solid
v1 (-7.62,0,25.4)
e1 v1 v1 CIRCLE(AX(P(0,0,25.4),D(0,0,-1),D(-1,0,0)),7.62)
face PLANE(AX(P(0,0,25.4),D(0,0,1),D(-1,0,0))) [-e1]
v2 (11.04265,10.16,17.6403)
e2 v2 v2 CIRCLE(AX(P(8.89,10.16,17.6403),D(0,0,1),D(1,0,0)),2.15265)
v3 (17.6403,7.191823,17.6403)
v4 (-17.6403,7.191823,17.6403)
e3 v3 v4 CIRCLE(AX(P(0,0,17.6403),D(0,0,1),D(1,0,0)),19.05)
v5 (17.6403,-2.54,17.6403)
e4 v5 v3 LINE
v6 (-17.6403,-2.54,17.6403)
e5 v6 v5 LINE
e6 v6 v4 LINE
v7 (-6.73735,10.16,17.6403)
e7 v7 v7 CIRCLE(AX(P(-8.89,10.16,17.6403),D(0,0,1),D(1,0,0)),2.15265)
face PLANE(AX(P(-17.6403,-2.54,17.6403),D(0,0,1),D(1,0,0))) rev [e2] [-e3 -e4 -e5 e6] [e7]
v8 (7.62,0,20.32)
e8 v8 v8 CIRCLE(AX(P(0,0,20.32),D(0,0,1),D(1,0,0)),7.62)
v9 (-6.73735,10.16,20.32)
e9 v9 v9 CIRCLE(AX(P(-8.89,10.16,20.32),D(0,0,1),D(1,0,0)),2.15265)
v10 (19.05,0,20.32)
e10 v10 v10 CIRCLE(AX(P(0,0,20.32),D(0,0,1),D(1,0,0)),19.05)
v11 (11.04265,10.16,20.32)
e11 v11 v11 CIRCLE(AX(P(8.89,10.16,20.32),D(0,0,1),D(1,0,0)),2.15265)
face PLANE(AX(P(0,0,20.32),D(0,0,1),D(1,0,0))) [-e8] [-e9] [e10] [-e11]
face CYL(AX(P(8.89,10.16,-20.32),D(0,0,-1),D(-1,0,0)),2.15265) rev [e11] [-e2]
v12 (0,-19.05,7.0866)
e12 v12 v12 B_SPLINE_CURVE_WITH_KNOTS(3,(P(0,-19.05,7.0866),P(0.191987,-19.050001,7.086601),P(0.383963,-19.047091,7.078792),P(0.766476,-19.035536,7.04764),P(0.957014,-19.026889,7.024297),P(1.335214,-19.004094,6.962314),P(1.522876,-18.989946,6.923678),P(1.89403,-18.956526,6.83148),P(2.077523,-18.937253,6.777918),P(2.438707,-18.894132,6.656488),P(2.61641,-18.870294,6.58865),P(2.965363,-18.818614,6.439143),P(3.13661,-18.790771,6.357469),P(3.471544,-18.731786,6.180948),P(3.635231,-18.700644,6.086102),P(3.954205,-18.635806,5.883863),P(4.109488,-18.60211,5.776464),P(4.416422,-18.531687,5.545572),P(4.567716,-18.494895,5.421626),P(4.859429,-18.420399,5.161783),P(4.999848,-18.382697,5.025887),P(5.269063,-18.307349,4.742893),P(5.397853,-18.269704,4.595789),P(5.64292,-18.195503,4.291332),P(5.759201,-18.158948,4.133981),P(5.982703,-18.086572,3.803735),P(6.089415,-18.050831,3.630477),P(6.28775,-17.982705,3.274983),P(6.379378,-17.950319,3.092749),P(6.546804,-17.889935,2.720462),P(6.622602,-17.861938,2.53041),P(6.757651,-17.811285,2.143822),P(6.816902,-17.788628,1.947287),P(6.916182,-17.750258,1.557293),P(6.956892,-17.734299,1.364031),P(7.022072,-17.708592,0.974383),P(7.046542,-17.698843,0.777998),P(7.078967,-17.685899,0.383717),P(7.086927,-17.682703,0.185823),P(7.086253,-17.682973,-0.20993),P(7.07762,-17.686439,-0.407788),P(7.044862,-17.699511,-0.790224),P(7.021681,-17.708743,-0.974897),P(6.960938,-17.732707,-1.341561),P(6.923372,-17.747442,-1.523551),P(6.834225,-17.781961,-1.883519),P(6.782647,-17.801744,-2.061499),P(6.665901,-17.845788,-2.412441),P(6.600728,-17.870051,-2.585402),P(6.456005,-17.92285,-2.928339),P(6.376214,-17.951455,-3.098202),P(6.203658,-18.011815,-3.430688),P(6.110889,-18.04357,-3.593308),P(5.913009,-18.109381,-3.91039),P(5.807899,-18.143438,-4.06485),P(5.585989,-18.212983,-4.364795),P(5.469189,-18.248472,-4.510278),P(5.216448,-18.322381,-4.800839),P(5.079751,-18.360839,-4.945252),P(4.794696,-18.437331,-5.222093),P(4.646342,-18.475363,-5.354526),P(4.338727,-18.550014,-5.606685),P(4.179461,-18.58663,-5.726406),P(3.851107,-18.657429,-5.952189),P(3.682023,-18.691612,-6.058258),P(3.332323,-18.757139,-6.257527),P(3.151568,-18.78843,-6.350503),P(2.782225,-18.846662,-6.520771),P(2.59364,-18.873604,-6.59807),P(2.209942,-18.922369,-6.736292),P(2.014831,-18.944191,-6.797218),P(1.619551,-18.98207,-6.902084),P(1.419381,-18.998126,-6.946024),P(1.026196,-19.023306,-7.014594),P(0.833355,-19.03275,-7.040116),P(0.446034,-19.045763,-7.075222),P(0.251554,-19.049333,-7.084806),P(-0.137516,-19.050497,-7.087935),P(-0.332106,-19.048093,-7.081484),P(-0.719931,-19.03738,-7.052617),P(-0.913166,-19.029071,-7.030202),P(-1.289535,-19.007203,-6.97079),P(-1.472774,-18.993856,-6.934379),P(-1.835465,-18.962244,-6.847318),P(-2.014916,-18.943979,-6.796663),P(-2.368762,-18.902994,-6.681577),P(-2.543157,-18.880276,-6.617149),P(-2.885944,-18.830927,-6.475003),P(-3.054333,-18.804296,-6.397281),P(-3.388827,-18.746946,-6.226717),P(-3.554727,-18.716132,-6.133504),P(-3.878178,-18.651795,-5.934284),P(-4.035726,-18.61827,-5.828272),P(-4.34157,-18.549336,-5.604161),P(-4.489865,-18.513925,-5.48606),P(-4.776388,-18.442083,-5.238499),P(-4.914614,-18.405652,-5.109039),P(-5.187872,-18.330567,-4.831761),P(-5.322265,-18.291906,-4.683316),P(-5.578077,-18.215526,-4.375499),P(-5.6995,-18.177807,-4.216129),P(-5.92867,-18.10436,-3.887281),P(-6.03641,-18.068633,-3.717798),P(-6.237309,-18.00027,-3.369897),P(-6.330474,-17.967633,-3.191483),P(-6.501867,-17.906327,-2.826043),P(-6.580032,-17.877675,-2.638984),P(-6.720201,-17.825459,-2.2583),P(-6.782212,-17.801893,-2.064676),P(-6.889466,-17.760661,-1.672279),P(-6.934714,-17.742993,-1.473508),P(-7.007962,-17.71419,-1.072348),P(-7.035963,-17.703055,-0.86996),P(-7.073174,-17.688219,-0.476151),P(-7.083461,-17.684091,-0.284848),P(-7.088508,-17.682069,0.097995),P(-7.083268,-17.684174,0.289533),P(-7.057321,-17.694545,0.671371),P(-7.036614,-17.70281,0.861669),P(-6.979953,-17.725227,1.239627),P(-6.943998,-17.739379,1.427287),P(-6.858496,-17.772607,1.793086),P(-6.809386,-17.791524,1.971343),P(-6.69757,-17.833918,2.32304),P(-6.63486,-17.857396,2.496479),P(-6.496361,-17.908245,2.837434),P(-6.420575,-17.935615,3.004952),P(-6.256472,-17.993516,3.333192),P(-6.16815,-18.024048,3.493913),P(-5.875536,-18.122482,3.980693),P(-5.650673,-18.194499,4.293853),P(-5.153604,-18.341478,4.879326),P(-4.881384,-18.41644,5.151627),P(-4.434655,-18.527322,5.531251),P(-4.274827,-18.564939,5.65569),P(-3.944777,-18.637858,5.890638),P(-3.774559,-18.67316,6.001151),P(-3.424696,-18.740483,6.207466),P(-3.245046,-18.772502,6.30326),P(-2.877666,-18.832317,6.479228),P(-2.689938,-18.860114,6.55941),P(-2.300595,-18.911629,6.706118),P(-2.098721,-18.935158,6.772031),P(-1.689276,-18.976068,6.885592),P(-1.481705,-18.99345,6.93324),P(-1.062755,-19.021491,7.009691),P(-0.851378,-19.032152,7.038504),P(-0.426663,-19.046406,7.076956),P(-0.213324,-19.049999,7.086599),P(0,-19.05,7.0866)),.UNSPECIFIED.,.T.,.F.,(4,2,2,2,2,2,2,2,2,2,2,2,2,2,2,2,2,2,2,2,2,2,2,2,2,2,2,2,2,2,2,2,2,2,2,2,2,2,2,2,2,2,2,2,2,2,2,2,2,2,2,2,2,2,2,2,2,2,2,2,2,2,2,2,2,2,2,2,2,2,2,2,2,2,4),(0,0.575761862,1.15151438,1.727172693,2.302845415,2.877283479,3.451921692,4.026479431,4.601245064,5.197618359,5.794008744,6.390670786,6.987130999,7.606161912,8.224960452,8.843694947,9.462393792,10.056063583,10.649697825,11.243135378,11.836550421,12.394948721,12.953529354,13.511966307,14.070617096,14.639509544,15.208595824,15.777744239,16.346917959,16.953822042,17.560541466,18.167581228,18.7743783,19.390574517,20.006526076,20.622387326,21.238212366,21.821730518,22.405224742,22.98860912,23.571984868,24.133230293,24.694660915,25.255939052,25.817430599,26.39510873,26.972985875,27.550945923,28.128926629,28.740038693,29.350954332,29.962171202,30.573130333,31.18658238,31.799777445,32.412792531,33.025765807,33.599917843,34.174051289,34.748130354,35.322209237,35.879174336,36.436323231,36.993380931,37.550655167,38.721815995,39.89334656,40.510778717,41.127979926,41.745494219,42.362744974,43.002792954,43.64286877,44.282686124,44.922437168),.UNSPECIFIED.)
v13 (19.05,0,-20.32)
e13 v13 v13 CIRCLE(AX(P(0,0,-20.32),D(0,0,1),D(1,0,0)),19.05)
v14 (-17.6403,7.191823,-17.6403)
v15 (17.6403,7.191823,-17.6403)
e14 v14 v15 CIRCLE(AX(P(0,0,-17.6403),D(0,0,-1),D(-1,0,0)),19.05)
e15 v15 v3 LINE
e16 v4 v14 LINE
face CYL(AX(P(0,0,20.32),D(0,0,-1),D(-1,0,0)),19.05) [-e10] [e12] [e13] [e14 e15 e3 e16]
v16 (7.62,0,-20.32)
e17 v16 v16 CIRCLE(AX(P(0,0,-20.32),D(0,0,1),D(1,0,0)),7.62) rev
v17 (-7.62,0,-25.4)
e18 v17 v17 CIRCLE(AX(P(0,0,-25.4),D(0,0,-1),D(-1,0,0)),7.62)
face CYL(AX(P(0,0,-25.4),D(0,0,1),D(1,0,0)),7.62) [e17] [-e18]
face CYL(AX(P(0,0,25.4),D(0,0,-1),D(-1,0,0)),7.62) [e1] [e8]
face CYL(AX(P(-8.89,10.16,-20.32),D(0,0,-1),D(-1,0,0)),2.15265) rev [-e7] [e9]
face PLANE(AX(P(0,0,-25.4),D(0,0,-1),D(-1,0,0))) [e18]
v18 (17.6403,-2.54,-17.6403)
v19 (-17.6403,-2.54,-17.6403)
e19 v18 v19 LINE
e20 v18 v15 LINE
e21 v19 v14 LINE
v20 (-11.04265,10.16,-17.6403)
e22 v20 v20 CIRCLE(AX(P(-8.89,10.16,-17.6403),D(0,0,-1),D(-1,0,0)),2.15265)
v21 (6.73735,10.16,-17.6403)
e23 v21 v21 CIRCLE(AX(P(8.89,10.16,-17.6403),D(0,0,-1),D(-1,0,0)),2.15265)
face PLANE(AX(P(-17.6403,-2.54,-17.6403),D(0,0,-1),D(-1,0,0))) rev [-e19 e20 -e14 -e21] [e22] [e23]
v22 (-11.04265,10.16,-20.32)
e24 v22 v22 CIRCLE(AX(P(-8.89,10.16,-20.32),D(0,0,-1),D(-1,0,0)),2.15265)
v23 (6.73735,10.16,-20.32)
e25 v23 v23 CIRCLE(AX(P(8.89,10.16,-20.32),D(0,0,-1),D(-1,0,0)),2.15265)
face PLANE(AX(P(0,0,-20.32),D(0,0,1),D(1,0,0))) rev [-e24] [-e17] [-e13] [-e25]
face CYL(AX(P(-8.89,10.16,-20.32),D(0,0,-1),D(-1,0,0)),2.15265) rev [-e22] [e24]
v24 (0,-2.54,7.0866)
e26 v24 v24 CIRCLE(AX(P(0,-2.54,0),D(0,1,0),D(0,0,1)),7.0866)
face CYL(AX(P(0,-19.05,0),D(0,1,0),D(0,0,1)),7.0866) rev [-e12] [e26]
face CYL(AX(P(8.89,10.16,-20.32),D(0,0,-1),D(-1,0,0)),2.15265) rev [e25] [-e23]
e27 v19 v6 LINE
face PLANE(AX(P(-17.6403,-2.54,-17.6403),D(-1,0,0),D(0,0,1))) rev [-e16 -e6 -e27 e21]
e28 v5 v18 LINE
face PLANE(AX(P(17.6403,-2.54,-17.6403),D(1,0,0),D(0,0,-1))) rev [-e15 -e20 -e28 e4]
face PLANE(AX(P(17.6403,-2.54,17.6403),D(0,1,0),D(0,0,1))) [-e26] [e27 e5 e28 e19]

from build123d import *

# Parameters (mm, degrees)
SKETCH2_R             = 19.05
EXTRUDE1_DEPTH        = 20.32
SKETCH4_W             = 35.2806
SKETCH4_H             = 35.2806
EXTRUDE2_DEPTH        = 21.59
SKETCH5_R             = 7.0866
EXTRUDE3_DEPTH        = 36.241069791
SKETCH7_R             = 7.62
EXTRUDE4_DEPTH        = 5.08
F_8_CLEARANCE_HOLE1_D = 4.3053


with BuildPart() as part:
    # Sketch2 → Extrude1 (new, symmetric)
    with BuildSketch(Plane.XY):
        Circle(SKETCH2_R)
    extrude(amount=EXTRUDE1_DEPTH, both=True)

    # Sketch4 → Extrude2 (cut)
    with BuildSketch(Plane(origin=(0, 19.05, 20.32), x_dir=(-1, 0, 0), z_dir=(0, 1, 0))):
        with Locations((0, -20.32)):
            Rectangle(SKETCH4_W, SKETCH4_H)
    extrude(amount=-EXTRUDE2_DEPTH, mode=Mode.SUBTRACT)

    # Sketch5 → Extrude3 (cut, through all)
    with BuildSketch(Plane(origin=(0, -2.54, 0), x_dir=(1, 0, 0), z_dir=(0, 1, 0))):
        with Locations(Location((0, 0, 0), (0, 0, 270))):
            Circle(SKETCH5_R)
    extrude(amount=-EXTRUDE3_DEPTH, mode=Mode.SUBTRACT)

    # Sketch7 → Extrude4 (add)
    with BuildSketch(Plane(origin=(0, 0, -20.32), x_dir=(-1, 0, 0), z_dir=(0, 0, -1))):
        with Locations(Location((0, 0, 0), (0, 0, 180))):
            Circle(SKETCH7_R)
    extrude4 = extrude(amount=EXTRUDE4_DEPTH)

    # Mirror1: Extrude4 across plane
    add(extrude4.mirror(Plane.XY))

    # #8 Clearance Hole1 (through all)
    with Locations(Plane(origin=(0, 0, -20.32), x_dir=(-1, 0, 0), z_dir=(0, 0, -1))):
        with Locations((-8.89, 10.16), (8.89, 10.16)):
            Hole(F_8_CLEARANCE_HOLE1_D / 2)


solid = part.part
